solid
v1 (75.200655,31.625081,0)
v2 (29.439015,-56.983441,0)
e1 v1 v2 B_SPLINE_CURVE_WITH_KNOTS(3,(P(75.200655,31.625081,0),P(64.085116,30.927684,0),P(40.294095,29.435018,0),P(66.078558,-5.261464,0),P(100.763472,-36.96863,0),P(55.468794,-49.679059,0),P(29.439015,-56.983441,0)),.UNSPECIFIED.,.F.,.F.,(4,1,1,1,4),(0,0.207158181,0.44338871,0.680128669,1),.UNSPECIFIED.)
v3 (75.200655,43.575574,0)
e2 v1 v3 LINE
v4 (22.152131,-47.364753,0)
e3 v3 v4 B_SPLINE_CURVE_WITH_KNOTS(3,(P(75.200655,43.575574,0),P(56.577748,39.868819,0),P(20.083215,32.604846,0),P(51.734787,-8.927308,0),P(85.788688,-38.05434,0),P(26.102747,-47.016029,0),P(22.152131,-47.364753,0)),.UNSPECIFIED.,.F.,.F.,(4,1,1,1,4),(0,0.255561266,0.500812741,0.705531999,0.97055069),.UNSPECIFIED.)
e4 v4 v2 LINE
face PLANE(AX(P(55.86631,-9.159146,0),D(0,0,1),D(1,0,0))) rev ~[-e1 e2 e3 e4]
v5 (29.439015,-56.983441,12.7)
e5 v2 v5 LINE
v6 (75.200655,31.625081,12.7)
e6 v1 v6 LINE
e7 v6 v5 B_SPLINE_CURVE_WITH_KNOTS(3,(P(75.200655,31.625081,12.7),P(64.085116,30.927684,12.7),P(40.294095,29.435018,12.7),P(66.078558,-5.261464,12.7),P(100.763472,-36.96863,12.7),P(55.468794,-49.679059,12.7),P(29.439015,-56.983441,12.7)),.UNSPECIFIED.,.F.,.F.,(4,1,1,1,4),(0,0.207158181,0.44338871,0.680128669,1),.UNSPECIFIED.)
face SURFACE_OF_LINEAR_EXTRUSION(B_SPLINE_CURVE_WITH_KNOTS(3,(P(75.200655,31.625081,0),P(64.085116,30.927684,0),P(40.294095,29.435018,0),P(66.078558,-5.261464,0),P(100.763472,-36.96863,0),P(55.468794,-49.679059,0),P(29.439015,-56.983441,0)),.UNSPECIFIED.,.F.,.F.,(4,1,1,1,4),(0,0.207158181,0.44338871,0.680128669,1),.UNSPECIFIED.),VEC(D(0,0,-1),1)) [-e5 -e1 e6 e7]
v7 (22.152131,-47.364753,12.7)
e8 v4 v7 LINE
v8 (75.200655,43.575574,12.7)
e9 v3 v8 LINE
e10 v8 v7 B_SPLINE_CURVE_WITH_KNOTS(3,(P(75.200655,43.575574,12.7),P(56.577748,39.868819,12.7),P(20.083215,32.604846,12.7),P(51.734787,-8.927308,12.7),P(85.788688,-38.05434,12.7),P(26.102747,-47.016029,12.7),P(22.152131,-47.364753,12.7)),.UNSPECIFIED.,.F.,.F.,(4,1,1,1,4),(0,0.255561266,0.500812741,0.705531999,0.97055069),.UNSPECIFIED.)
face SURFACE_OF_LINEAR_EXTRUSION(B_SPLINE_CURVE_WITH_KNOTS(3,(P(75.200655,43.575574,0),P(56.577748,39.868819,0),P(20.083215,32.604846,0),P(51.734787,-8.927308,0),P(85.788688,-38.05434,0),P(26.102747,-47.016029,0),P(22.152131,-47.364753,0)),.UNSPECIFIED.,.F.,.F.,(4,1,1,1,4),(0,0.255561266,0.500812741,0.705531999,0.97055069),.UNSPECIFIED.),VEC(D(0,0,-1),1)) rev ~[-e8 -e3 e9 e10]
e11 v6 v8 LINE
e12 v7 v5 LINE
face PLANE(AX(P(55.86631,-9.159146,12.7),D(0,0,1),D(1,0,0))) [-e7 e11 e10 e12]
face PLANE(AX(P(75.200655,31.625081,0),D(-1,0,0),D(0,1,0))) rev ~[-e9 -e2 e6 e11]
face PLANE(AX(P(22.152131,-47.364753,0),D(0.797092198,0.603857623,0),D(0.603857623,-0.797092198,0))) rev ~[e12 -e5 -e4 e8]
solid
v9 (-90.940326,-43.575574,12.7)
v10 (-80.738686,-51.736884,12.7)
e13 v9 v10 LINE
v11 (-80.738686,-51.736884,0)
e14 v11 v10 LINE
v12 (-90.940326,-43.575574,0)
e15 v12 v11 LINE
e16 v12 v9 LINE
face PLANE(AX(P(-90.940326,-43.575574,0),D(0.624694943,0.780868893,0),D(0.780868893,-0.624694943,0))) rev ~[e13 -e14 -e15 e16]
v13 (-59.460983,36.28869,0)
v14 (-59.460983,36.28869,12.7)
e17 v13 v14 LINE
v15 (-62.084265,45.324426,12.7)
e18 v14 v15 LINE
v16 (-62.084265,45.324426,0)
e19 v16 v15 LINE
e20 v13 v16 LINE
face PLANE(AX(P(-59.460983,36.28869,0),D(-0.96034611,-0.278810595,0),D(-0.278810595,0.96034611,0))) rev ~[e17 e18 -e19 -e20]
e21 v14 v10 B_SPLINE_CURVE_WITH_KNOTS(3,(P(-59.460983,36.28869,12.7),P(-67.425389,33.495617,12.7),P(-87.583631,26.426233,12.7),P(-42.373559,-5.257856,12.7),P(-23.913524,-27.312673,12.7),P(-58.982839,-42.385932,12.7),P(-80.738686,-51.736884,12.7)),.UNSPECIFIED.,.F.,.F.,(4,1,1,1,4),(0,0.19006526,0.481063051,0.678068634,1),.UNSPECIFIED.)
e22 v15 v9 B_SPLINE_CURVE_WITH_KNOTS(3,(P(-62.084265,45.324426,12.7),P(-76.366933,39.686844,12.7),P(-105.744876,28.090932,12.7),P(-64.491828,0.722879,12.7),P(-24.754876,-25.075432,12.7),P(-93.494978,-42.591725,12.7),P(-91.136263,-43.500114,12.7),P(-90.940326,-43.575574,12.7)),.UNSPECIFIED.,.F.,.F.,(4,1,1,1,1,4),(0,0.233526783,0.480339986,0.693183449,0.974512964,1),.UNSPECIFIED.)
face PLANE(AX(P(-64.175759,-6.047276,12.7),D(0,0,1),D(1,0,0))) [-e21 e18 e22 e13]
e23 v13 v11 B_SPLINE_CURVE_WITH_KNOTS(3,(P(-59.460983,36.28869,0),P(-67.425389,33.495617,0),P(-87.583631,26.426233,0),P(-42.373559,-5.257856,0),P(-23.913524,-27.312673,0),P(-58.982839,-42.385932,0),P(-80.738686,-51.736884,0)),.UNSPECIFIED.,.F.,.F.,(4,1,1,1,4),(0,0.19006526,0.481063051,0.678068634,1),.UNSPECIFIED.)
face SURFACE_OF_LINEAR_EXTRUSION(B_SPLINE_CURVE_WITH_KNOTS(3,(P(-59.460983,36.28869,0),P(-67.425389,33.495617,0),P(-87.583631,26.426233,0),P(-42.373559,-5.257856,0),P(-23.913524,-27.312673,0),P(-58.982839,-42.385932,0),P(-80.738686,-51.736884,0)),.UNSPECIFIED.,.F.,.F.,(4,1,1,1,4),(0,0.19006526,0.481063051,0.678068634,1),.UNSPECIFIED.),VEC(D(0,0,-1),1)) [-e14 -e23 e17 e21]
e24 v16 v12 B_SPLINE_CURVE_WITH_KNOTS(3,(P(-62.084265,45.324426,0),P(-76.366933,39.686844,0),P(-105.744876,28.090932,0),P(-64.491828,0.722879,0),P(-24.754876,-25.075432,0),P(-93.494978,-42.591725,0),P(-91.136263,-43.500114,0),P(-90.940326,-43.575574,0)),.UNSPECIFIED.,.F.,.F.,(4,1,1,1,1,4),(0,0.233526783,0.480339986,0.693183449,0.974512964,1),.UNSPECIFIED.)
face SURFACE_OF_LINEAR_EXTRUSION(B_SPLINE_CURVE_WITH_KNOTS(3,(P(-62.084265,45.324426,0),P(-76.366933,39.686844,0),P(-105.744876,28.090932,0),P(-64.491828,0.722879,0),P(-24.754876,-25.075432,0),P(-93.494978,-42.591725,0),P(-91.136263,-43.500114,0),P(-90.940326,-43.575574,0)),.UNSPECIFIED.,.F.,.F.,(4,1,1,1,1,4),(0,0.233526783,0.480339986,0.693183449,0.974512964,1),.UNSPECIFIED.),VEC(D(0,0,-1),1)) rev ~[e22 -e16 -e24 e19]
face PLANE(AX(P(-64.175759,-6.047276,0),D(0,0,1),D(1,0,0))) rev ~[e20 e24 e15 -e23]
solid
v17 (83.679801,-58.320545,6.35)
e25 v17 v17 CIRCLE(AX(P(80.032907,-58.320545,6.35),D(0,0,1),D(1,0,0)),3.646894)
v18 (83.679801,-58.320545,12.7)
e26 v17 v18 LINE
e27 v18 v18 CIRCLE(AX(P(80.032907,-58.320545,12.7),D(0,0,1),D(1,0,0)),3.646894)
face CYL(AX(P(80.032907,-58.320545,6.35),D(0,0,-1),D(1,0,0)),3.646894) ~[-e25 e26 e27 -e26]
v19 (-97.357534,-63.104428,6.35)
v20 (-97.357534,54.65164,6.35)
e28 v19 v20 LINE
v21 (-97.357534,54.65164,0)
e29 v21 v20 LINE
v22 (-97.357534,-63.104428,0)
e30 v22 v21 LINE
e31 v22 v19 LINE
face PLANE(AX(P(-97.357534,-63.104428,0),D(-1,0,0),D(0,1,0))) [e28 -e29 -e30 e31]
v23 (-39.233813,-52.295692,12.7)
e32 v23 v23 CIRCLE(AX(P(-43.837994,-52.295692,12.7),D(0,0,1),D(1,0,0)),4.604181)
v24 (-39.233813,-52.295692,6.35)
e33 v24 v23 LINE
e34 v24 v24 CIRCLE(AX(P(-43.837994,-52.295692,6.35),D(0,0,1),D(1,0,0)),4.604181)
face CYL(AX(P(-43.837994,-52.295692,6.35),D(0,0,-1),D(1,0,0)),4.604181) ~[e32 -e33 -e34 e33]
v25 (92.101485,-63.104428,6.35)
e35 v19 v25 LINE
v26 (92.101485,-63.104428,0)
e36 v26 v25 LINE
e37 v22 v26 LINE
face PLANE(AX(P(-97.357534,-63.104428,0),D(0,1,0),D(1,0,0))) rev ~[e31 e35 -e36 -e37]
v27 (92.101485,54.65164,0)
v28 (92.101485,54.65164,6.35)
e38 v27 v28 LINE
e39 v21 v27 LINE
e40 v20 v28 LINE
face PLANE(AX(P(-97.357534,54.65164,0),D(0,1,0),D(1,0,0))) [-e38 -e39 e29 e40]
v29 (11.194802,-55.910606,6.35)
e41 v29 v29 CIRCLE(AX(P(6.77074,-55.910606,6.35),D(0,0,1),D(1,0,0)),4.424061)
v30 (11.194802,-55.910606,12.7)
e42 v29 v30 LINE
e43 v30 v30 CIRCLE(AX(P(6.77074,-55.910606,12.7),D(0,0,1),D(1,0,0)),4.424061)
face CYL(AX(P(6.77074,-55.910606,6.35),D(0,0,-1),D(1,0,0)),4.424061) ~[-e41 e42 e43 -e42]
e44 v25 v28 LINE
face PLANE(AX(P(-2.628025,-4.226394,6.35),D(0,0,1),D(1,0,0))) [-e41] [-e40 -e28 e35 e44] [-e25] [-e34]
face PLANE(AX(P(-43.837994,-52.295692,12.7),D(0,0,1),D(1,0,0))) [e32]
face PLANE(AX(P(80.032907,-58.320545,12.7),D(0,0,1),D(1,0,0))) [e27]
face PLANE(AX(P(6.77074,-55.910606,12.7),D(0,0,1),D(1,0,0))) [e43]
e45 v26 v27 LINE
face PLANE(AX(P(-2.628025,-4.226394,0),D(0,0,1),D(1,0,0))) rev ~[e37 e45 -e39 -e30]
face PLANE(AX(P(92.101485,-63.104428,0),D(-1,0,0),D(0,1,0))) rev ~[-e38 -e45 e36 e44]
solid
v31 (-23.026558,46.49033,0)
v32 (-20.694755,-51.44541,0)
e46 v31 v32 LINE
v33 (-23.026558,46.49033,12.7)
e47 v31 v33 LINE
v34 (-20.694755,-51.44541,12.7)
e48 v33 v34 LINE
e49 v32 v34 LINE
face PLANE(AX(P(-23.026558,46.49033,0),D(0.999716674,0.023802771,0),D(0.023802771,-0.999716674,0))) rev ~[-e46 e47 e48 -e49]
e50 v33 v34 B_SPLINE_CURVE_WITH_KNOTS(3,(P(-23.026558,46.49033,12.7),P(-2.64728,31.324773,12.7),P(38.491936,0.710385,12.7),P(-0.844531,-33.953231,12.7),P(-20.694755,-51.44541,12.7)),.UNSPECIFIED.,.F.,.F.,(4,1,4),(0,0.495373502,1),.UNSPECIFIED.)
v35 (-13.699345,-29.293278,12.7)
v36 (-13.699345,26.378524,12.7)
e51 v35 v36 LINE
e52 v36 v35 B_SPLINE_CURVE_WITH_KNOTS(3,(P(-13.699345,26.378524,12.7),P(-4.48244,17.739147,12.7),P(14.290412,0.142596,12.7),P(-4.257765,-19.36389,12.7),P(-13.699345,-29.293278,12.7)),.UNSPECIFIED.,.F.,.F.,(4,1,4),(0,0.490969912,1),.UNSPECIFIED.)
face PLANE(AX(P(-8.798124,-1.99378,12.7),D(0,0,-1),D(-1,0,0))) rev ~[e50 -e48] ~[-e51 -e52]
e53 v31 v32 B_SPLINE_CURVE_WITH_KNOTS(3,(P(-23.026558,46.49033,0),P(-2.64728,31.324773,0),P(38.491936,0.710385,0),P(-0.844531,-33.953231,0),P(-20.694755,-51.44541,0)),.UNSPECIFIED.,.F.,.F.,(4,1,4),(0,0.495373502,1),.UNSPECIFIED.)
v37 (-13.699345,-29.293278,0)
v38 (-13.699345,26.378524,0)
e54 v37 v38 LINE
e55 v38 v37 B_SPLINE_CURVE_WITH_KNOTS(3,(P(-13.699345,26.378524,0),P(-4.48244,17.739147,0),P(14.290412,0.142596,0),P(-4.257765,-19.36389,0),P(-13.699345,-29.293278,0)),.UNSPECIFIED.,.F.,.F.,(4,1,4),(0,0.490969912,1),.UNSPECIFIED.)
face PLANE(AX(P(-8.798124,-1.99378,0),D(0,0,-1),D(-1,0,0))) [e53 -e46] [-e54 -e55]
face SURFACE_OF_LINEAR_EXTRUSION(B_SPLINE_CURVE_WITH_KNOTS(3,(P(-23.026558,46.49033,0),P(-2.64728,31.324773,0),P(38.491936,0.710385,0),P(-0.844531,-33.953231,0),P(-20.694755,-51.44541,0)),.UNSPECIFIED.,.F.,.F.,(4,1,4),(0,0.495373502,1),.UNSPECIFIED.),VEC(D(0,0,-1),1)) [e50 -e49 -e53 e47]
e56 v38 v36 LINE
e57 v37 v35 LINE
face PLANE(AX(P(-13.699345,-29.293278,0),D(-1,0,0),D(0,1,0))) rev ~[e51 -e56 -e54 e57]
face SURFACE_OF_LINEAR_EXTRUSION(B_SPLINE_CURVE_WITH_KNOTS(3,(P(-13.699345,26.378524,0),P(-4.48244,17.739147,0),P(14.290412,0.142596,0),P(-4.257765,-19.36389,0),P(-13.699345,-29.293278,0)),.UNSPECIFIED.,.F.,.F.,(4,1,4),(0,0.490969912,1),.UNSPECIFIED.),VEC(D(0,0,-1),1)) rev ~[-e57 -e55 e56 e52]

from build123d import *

# Parameters (mm, degrees)
F3_DEPTH = 12.7
F4_DEPTH = 12.7
F5_DEPTH = 12.7
F6_W     = 189.4590184093
F6_H     = 117.7560687065
F7_DEPTH = 6.35
F8_R     = 4.6041811727
F8_R_2   = 4.424061419
F8_R_3   = 3.6468937029
F9_DEPTH = 6.35


with BuildPart() as f3:
    # F0 (on Top) → F3 (new body)
    with BuildSketch(Plane.XY):
        with BuildLine():
            Line((-59.4609826803, 36.288689822), (-62.0842650533, 45.3244261444))
            add(Edge.make_bspline(
                [(-62.0842650533, 45.3244261444), (-76.3669330782, 39.6868441897), (-105.7448762698, 28.0909321294), (-64.4918275462, 0.7228788045), (-24.7548755706, -25.0754315136), (-93.4949776884, -42.5917245464), (-91.1362632101, -43.5001144041), (-90.9403264523, -43.5755737126)],
                knots=[0, 0, 0, 0, 0.2335267828, 0.480339986, 0.6931834494, 0.9745129643, 1, 1, 1, 1], degree=3))
            Line((-90.9403264523, -43.5755737126), (-80.7386860251, -51.7368838191))
            add(Edge.make_bspline(
                [(-59.4609826803, 36.288689822), (-67.4253888039, 33.4956167621), (-87.5836308704, 26.4262330595), (-42.3735586434, -5.2578557722), (-23.9135235399, -27.3126732704), (-58.9828392703, -42.3859315549), (-80.7386860251, -51.7368838191)],
                knots=[0, 0, 0, 0, 0.1900652595, 0.4810630511, 0.6780686335, 1, 1, 1, 1], degree=3))
        make_face()
    extrude(amount=F3_DEPTH)


with BuildPart() as f4:
    # F1 (on Top) → F4 (new body)
    with BuildSketch(Plane.XY):
        with BuildLine():
            add(Edge.make_bspline(
                [(-23.0265576392, 46.4903302491), (-2.6472799904, 31.3247734038), (38.4919362924, 0.7103849129), (-0.8445311949, -33.9532307058), (-20.6947550178, -51.4454096556)],
                knots=[0, 0, 0, 0, 0.4953735022, 1, 1, 1, 1], degree=3))
            Line((-23.0265576392, 46.4903302491), (-20.6947550178, -51.4454096556))
        make_face()
        with BuildLine():
            Line((-13.6993452907, -29.2932782322), (-13.6993452907, 26.3785235584))
            add(Edge.make_bspline(
                [(-13.6993452907, 26.3785235584), (-4.4824398683, 17.7391465856), (14.2904119764, 0.1425958444), (-4.2577650903, -19.3638900203), (-13.6993452907, -29.2932782322)],
                knots=[0, 0, 0, 0, 0.4909699122, 1, 1, 1, 1], degree=3))
        make_face(mode=Mode.SUBTRACT)
    extrude(amount=F4_DEPTH)


with BuildPart() as f5:
    # F2 (on Top) → F5 (new body)
    with BuildSketch(Plane.XY):
        with BuildLine():
            Line((75.2006545663, 31.6250808537), (75.2006545663, 43.5755737126))
            add(Edge.make_bspline(
                [(75.2006545663, 43.5755737126), (56.5777478813, 39.8688188665), (20.0832153378, 32.6048461876), (51.7347867803, -8.9273077443), (85.7886877069, -38.0543402289), (26.1027467349, -47.0160293906), (22.1521314234, -47.3647527397)],
                knots=[0, 0, 0, 0, 0.2555612663, 0.5008127413, 0.7055319989, 0.9705506898, 0.9705506898, 0.9705506898, 0.9705506898], degree=3))
            Line((22.1521314234, -47.3647527397), (29.439015314, -56.9834411144))
            add(Edge.make_bspline(
                [(75.2006545663, 31.6250808537), (64.0851156024, 30.9276837233), (40.294095329, 29.4350175267), (66.0785582397, -5.2614639278), (100.7634719015, -36.9686299494), (55.4687942528, -49.679058648), (29.439015314, -56.9834411144)],
                knots=[0, 0, 0, 0, 0.2071581808, 0.4433887098, 0.6801286687, 1, 1, 1, 1], degree=3))
        make_face()
    extrude(amount=F5_DEPTH)


with BuildPart() as f7:
    # F6 (on Top) → F7 (new body)
    with BuildSketch(Plane.XY):
        with Locations((-2.6280246675, -4.2263939977)):
            Rectangle(F6_W, F6_H)
    extrude(amount=F7_DEPTH)

    # F8 (on face) → F9 (join)
    with BuildSketch(Plane.XY.offset(6.35)):
        with Locations((-43.8379943371, -52.295692265)):
            Circle(F8_R)
        with Locations((6.7707402632, -55.9106059372)):
            Circle(F8_R_2)
        with Locations((80.0329074264, -58.3205446601)):
            Circle(F8_R_3)
    extrude(amount=F9_DEPTH)


solid = Compound([f3.part, f4.part, f5.part, f7.part])
